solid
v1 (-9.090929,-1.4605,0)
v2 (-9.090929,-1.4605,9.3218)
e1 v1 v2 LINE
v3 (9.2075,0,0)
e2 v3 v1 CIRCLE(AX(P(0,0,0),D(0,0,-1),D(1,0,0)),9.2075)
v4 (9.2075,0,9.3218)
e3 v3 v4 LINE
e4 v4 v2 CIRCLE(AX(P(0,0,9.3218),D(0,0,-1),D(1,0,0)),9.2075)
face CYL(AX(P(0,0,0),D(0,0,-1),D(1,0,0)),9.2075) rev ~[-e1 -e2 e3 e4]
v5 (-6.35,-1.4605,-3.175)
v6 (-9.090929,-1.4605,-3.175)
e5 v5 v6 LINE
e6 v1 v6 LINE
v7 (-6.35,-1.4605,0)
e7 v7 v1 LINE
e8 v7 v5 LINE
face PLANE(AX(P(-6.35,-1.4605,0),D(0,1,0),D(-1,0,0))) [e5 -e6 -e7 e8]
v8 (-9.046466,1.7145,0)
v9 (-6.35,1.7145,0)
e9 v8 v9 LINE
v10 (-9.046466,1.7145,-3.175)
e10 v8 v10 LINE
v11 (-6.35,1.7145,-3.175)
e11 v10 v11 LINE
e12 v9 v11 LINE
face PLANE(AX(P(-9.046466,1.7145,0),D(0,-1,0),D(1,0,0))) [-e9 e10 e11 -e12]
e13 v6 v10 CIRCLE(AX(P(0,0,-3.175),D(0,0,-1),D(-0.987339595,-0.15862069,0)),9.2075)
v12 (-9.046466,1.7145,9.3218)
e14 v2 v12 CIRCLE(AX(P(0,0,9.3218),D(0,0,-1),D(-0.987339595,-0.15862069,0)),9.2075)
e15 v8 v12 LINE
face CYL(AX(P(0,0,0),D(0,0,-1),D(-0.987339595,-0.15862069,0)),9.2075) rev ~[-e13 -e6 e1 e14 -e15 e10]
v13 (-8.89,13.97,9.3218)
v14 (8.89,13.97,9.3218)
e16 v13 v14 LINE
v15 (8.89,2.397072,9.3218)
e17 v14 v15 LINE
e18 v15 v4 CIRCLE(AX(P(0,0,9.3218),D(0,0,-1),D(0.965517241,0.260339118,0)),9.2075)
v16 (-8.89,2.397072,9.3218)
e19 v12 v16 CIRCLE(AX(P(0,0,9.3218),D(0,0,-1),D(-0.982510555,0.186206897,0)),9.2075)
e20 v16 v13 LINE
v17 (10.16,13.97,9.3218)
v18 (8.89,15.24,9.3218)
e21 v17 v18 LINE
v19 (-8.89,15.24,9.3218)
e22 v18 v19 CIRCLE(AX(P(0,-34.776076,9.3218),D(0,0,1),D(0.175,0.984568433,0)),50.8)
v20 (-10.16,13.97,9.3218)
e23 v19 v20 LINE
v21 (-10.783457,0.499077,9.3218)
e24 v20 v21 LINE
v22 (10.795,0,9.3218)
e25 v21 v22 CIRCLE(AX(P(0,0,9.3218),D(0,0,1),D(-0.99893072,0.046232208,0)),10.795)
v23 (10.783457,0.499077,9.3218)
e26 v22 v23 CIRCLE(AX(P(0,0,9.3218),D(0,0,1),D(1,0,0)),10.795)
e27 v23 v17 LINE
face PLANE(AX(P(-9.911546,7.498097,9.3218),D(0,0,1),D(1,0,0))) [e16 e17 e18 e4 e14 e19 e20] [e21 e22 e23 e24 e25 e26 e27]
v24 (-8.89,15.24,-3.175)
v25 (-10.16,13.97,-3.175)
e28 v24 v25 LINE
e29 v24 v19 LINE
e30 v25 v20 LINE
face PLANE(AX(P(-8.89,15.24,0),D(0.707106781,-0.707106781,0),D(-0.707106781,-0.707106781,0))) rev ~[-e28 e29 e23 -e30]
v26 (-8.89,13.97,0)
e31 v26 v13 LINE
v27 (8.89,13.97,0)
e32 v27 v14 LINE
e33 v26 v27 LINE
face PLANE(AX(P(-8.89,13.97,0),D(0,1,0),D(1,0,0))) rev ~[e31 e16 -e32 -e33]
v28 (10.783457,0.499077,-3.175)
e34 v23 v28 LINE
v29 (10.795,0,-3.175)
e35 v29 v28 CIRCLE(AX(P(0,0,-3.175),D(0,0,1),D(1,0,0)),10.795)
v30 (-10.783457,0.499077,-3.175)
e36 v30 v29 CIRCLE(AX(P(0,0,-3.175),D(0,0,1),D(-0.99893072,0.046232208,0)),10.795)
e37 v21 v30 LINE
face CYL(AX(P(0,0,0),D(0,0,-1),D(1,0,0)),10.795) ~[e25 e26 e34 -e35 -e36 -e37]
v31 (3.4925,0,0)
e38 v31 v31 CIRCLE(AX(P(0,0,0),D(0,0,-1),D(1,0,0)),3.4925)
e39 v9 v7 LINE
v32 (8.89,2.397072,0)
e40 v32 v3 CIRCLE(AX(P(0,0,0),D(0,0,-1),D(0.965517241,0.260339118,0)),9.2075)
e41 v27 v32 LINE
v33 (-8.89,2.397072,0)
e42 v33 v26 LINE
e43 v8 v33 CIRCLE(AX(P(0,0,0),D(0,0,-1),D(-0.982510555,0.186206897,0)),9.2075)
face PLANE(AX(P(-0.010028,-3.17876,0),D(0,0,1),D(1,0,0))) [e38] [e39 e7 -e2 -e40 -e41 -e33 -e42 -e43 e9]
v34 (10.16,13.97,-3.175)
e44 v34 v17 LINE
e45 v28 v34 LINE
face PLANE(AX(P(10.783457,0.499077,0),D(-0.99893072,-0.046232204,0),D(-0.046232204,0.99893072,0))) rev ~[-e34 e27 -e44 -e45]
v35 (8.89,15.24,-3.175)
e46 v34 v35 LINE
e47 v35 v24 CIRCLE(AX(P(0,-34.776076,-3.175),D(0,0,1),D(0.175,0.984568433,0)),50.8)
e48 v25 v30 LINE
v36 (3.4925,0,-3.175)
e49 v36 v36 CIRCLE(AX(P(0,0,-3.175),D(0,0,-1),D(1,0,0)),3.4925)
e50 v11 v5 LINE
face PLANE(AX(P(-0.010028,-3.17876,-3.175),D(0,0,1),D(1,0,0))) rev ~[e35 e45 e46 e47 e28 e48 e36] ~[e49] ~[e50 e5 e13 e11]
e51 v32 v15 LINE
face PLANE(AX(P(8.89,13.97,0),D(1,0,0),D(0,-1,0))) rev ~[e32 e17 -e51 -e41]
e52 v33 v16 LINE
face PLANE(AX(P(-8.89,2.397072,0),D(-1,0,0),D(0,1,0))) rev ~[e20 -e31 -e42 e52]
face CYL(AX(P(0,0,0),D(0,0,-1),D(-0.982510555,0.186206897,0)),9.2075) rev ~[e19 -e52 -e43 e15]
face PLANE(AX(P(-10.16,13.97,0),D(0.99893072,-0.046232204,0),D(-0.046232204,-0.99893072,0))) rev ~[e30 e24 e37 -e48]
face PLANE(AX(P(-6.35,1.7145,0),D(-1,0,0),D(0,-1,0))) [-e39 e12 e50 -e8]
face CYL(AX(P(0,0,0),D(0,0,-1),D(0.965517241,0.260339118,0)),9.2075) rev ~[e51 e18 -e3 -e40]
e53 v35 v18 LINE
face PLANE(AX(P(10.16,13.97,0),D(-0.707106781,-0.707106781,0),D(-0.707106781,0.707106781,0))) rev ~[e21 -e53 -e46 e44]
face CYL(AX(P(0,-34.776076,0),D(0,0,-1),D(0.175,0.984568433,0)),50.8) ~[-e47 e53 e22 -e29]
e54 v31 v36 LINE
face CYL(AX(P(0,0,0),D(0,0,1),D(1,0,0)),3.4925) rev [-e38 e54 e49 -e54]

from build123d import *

# Parameters (mm, degrees)
F1_DEPTH = 3.175
F2_DEPTH = 9.3218


with BuildPart() as f1:
    # F0 (on Top) → F1 (new body)
    with BuildSketch(Plane.XY):
        with BuildLine():
            ThreePointArc((-9.0909293254, -1.4605), (-9.2065972542, 0.1289311761), (-9.0464659398, 1.7145))
            ThreePointArc((-9.0464659398, 1.7145), (-8.9747244461, 2.0572742564), (-8.89, 2.3970724332))
            Line((-8.89, 2.3970724332), (-8.89, 6.1237182332))
            ThreePointArc((-8.89, 6.1237182332), (-10.2308541629, 3.4440743454), (-10.7834571202, 0.4990766843))
            ThreePointArc((-10.7834571202, 0.4990766843), (-0.2496050755, -10.7921138942), (10.795, 0))
            ThreePointArc((10.795, 0), (10.792113895, 0.2496050431), (10.7834571232, 0.4990766196))
            ThreePointArc((10.7834571232, 0.4990766196), (10.2308541733, 3.4440743147), (8.89, 6.1237182332))
            Line((8.89, 6.1237182332), (8.89, 2.3970724332))
            ThreePointArc((8.89, 2.3970724332), (9.1277798848, 1.2090039806), (9.2075, 0))
            ThreePointArc((9.2075, 0), (0.7325723466, -9.1783110651), (-9.0909293254, -1.4605))
        make_face()
        with BuildLine():
            ThreePointArc((-10.7834571202, 0.4990766843), (-10.2308541629, 3.4440743454), (-8.89, 6.1237182332))
            Line((-8.89, 6.1237182332), (-8.89, 13.97))
            Line((-8.89, 13.97), (-10.16, 13.97))
            Line((-10.16, 13.97), (-10.7834571202, 0.4990766843))
        make_face()
        with BuildLine():
            Line((8.89, 13.97), (8.89, 6.1237182332))
            ThreePointArc((8.89, 6.1237182332), (10.2308541733, 3.4440743147), (10.7834571232, 0.4990766196))
            Line((10.7834571232, 0.4990766196), (10.16, 13.97))
            Line((10.16, 13.97), (8.89, 13.97))
        make_face()
        with BuildLine():
            Line((-8.89, 15.24), (-8.89, 13.97))
            Line((-8.89, 13.97), (0, 13.97))
            Line((0, 13.97), (8.89, 13.97))
            Line((8.89, 13.97), (8.89, 15.24))
            ThreePointArc((8.89, 15.24), (0, 16.0239235845), (-8.89, 15.24))
        make_face()
        Polygon((-10.16, 13.97), (-8.89, 13.97), (-8.89, 15.24), align=None)
        Polygon((8.89, 15.24), (8.89, 13.97), (10.16, 13.97), align=None)
        with BuildLine():
            Line((-8.89, 13.97), (-8.89, 6.1237182332))
            ThreePointArc((-8.89, 6.1237182332), (0, 10.795), (8.89, 6.1237182332))
            Line((8.89, 6.1237182332), (8.89, 13.97))
            Line((8.89, 13.97), (0, 13.97))
            Line((0, 13.97), (-8.89, 13.97))
        make_face()
        with BuildLine():
            Line((-8.89, 6.1237182332), (-8.89, 2.3970724332))
            ThreePointArc((-8.89, 2.3970724332), (0, 9.2075), (8.89, 2.3970724332))
            Line((8.89, 2.3970724332), (8.89, 6.1237182332))
            ThreePointArc((8.89, 6.1237182332), (0, 10.795), (-8.89, 6.1237182332))
        make_face()
        with BuildLine():
            ThreePointArc((8.89, 2.3970724332), (0, 9.2075), (-8.89, 2.3970724332))
            Line((-8.89, 2.3970724332), (-8.89, 1.7145))
            Line((-8.89, 1.7145), (-6.35, 1.7145))
            Line((-6.35, 1.7145), (-6.35, 0))
            Line((-6.35, 0), (-3.4925, 0))
            ThreePointArc((-3.4925, 0), (0, 3.4925), (3.4925, 0))
            Line((3.4925, 0), (8.89, 0))
            Line((8.89, 0), (8.89, 2.3970724332))
        make_face()
        with BuildLine():
            Line((-6.35, -1.4605), (-9.0909293254, -1.4605))
            ThreePointArc((-9.0909293254, -1.4605), (0.7325723466, -9.1783110651), (9.2075, 0))
            ThreePointArc((9.2075, 0), (9.1277798848, 1.2090039806), (8.89, 2.3970724332))
            Line((8.89, 2.3970724332), (8.89, 0))
            Line((8.89, 0), (3.4925, 0))
            ThreePointArc((3.4925, 0), (0, -3.4925), (-3.4925, 0))
            Line((-3.4925, 0), (-6.35, 0))
            Line((-6.35, 0), (-6.35, -1.4605))
        make_face()
        with BuildLine():
            ThreePointArc((-8.89, 2.3970724332), (-8.9747244461, 2.0572742564), (-9.0464659398, 1.7145))
            Line((-9.0464659398, 1.7145), (-8.89, 1.7145))
            Line((-8.89, 1.7145), (-8.89, 2.3970724332))
        make_face()
    extrude(amount=-F1_DEPTH)

    # F0 (on Top) → F2 (join)
    with BuildSketch(Plane.XY):
        with BuildLine():
            ThreePointArc((-10.7834571202, 0.4990766843), (-10.2308541629, 3.4440743454), (-8.89, 6.1237182332))
            Line((-8.89, 6.1237182332), (-8.89, 13.97))
            Line((-8.89, 13.97), (-10.16, 13.97))
            Line((-10.16, 13.97), (-10.7834571202, 0.4990766843))
        make_face()
        with BuildLine():
            ThreePointArc((-9.0909293254, -1.4605), (-9.2065972542, 0.1289311761), (-9.0464659398, 1.7145))
            ThreePointArc((-9.0464659398, 1.7145), (-8.9747244461, 2.0572742564), (-8.89, 2.3970724332))
            Line((-8.89, 2.3970724332), (-8.89, 6.1237182332))
            ThreePointArc((-8.89, 6.1237182332), (-10.2308541629, 3.4440743454), (-10.7834571202, 0.4990766843))
            ThreePointArc((-10.7834571202, 0.4990766843), (-0.2496050755, -10.7921138942), (10.795, 0))
            ThreePointArc((10.795, 0), (10.792113895, 0.2496050431), (10.7834571232, 0.4990766196))
            ThreePointArc((10.7834571232, 0.4990766196), (10.2308541733, 3.4440743147), (8.89, 6.1237182332))
            Line((8.89, 6.1237182332), (8.89, 2.3970724332))
            ThreePointArc((8.89, 2.3970724332), (9.1277798848, 1.2090039806), (9.2075, 0))
            ThreePointArc((9.2075, 0), (0.7325723466, -9.1783110651), (-9.0909293254, -1.4605))
        make_face()
        with BuildLine():
            Line((8.89, 13.97), (8.89, 6.1237182332))
            ThreePointArc((8.89, 6.1237182332), (10.2308541733, 3.4440743147), (10.7834571232, 0.4990766196))
            Line((10.7834571232, 0.4990766196), (10.16, 13.97))
            Line((10.16, 13.97), (8.89, 13.97))
        make_face()
        with BuildLine():
            Line((-8.89, 15.24), (-8.89, 13.97))
            Line((-8.89, 13.97), (0, 13.97))
            Line((0, 13.97), (8.89, 13.97))
            Line((8.89, 13.97), (8.89, 15.24))
            ThreePointArc((8.89, 15.24), (0, 16.0239235845), (-8.89, 15.24))
        make_face()
        Polygon((-10.16, 13.97), (-8.89, 13.97), (-8.89, 15.24), align=None)
        Polygon((8.89, 15.24), (8.89, 13.97), (10.16, 13.97), align=None)
    extrude(amount=F2_DEPTH)


solid = f1.part
